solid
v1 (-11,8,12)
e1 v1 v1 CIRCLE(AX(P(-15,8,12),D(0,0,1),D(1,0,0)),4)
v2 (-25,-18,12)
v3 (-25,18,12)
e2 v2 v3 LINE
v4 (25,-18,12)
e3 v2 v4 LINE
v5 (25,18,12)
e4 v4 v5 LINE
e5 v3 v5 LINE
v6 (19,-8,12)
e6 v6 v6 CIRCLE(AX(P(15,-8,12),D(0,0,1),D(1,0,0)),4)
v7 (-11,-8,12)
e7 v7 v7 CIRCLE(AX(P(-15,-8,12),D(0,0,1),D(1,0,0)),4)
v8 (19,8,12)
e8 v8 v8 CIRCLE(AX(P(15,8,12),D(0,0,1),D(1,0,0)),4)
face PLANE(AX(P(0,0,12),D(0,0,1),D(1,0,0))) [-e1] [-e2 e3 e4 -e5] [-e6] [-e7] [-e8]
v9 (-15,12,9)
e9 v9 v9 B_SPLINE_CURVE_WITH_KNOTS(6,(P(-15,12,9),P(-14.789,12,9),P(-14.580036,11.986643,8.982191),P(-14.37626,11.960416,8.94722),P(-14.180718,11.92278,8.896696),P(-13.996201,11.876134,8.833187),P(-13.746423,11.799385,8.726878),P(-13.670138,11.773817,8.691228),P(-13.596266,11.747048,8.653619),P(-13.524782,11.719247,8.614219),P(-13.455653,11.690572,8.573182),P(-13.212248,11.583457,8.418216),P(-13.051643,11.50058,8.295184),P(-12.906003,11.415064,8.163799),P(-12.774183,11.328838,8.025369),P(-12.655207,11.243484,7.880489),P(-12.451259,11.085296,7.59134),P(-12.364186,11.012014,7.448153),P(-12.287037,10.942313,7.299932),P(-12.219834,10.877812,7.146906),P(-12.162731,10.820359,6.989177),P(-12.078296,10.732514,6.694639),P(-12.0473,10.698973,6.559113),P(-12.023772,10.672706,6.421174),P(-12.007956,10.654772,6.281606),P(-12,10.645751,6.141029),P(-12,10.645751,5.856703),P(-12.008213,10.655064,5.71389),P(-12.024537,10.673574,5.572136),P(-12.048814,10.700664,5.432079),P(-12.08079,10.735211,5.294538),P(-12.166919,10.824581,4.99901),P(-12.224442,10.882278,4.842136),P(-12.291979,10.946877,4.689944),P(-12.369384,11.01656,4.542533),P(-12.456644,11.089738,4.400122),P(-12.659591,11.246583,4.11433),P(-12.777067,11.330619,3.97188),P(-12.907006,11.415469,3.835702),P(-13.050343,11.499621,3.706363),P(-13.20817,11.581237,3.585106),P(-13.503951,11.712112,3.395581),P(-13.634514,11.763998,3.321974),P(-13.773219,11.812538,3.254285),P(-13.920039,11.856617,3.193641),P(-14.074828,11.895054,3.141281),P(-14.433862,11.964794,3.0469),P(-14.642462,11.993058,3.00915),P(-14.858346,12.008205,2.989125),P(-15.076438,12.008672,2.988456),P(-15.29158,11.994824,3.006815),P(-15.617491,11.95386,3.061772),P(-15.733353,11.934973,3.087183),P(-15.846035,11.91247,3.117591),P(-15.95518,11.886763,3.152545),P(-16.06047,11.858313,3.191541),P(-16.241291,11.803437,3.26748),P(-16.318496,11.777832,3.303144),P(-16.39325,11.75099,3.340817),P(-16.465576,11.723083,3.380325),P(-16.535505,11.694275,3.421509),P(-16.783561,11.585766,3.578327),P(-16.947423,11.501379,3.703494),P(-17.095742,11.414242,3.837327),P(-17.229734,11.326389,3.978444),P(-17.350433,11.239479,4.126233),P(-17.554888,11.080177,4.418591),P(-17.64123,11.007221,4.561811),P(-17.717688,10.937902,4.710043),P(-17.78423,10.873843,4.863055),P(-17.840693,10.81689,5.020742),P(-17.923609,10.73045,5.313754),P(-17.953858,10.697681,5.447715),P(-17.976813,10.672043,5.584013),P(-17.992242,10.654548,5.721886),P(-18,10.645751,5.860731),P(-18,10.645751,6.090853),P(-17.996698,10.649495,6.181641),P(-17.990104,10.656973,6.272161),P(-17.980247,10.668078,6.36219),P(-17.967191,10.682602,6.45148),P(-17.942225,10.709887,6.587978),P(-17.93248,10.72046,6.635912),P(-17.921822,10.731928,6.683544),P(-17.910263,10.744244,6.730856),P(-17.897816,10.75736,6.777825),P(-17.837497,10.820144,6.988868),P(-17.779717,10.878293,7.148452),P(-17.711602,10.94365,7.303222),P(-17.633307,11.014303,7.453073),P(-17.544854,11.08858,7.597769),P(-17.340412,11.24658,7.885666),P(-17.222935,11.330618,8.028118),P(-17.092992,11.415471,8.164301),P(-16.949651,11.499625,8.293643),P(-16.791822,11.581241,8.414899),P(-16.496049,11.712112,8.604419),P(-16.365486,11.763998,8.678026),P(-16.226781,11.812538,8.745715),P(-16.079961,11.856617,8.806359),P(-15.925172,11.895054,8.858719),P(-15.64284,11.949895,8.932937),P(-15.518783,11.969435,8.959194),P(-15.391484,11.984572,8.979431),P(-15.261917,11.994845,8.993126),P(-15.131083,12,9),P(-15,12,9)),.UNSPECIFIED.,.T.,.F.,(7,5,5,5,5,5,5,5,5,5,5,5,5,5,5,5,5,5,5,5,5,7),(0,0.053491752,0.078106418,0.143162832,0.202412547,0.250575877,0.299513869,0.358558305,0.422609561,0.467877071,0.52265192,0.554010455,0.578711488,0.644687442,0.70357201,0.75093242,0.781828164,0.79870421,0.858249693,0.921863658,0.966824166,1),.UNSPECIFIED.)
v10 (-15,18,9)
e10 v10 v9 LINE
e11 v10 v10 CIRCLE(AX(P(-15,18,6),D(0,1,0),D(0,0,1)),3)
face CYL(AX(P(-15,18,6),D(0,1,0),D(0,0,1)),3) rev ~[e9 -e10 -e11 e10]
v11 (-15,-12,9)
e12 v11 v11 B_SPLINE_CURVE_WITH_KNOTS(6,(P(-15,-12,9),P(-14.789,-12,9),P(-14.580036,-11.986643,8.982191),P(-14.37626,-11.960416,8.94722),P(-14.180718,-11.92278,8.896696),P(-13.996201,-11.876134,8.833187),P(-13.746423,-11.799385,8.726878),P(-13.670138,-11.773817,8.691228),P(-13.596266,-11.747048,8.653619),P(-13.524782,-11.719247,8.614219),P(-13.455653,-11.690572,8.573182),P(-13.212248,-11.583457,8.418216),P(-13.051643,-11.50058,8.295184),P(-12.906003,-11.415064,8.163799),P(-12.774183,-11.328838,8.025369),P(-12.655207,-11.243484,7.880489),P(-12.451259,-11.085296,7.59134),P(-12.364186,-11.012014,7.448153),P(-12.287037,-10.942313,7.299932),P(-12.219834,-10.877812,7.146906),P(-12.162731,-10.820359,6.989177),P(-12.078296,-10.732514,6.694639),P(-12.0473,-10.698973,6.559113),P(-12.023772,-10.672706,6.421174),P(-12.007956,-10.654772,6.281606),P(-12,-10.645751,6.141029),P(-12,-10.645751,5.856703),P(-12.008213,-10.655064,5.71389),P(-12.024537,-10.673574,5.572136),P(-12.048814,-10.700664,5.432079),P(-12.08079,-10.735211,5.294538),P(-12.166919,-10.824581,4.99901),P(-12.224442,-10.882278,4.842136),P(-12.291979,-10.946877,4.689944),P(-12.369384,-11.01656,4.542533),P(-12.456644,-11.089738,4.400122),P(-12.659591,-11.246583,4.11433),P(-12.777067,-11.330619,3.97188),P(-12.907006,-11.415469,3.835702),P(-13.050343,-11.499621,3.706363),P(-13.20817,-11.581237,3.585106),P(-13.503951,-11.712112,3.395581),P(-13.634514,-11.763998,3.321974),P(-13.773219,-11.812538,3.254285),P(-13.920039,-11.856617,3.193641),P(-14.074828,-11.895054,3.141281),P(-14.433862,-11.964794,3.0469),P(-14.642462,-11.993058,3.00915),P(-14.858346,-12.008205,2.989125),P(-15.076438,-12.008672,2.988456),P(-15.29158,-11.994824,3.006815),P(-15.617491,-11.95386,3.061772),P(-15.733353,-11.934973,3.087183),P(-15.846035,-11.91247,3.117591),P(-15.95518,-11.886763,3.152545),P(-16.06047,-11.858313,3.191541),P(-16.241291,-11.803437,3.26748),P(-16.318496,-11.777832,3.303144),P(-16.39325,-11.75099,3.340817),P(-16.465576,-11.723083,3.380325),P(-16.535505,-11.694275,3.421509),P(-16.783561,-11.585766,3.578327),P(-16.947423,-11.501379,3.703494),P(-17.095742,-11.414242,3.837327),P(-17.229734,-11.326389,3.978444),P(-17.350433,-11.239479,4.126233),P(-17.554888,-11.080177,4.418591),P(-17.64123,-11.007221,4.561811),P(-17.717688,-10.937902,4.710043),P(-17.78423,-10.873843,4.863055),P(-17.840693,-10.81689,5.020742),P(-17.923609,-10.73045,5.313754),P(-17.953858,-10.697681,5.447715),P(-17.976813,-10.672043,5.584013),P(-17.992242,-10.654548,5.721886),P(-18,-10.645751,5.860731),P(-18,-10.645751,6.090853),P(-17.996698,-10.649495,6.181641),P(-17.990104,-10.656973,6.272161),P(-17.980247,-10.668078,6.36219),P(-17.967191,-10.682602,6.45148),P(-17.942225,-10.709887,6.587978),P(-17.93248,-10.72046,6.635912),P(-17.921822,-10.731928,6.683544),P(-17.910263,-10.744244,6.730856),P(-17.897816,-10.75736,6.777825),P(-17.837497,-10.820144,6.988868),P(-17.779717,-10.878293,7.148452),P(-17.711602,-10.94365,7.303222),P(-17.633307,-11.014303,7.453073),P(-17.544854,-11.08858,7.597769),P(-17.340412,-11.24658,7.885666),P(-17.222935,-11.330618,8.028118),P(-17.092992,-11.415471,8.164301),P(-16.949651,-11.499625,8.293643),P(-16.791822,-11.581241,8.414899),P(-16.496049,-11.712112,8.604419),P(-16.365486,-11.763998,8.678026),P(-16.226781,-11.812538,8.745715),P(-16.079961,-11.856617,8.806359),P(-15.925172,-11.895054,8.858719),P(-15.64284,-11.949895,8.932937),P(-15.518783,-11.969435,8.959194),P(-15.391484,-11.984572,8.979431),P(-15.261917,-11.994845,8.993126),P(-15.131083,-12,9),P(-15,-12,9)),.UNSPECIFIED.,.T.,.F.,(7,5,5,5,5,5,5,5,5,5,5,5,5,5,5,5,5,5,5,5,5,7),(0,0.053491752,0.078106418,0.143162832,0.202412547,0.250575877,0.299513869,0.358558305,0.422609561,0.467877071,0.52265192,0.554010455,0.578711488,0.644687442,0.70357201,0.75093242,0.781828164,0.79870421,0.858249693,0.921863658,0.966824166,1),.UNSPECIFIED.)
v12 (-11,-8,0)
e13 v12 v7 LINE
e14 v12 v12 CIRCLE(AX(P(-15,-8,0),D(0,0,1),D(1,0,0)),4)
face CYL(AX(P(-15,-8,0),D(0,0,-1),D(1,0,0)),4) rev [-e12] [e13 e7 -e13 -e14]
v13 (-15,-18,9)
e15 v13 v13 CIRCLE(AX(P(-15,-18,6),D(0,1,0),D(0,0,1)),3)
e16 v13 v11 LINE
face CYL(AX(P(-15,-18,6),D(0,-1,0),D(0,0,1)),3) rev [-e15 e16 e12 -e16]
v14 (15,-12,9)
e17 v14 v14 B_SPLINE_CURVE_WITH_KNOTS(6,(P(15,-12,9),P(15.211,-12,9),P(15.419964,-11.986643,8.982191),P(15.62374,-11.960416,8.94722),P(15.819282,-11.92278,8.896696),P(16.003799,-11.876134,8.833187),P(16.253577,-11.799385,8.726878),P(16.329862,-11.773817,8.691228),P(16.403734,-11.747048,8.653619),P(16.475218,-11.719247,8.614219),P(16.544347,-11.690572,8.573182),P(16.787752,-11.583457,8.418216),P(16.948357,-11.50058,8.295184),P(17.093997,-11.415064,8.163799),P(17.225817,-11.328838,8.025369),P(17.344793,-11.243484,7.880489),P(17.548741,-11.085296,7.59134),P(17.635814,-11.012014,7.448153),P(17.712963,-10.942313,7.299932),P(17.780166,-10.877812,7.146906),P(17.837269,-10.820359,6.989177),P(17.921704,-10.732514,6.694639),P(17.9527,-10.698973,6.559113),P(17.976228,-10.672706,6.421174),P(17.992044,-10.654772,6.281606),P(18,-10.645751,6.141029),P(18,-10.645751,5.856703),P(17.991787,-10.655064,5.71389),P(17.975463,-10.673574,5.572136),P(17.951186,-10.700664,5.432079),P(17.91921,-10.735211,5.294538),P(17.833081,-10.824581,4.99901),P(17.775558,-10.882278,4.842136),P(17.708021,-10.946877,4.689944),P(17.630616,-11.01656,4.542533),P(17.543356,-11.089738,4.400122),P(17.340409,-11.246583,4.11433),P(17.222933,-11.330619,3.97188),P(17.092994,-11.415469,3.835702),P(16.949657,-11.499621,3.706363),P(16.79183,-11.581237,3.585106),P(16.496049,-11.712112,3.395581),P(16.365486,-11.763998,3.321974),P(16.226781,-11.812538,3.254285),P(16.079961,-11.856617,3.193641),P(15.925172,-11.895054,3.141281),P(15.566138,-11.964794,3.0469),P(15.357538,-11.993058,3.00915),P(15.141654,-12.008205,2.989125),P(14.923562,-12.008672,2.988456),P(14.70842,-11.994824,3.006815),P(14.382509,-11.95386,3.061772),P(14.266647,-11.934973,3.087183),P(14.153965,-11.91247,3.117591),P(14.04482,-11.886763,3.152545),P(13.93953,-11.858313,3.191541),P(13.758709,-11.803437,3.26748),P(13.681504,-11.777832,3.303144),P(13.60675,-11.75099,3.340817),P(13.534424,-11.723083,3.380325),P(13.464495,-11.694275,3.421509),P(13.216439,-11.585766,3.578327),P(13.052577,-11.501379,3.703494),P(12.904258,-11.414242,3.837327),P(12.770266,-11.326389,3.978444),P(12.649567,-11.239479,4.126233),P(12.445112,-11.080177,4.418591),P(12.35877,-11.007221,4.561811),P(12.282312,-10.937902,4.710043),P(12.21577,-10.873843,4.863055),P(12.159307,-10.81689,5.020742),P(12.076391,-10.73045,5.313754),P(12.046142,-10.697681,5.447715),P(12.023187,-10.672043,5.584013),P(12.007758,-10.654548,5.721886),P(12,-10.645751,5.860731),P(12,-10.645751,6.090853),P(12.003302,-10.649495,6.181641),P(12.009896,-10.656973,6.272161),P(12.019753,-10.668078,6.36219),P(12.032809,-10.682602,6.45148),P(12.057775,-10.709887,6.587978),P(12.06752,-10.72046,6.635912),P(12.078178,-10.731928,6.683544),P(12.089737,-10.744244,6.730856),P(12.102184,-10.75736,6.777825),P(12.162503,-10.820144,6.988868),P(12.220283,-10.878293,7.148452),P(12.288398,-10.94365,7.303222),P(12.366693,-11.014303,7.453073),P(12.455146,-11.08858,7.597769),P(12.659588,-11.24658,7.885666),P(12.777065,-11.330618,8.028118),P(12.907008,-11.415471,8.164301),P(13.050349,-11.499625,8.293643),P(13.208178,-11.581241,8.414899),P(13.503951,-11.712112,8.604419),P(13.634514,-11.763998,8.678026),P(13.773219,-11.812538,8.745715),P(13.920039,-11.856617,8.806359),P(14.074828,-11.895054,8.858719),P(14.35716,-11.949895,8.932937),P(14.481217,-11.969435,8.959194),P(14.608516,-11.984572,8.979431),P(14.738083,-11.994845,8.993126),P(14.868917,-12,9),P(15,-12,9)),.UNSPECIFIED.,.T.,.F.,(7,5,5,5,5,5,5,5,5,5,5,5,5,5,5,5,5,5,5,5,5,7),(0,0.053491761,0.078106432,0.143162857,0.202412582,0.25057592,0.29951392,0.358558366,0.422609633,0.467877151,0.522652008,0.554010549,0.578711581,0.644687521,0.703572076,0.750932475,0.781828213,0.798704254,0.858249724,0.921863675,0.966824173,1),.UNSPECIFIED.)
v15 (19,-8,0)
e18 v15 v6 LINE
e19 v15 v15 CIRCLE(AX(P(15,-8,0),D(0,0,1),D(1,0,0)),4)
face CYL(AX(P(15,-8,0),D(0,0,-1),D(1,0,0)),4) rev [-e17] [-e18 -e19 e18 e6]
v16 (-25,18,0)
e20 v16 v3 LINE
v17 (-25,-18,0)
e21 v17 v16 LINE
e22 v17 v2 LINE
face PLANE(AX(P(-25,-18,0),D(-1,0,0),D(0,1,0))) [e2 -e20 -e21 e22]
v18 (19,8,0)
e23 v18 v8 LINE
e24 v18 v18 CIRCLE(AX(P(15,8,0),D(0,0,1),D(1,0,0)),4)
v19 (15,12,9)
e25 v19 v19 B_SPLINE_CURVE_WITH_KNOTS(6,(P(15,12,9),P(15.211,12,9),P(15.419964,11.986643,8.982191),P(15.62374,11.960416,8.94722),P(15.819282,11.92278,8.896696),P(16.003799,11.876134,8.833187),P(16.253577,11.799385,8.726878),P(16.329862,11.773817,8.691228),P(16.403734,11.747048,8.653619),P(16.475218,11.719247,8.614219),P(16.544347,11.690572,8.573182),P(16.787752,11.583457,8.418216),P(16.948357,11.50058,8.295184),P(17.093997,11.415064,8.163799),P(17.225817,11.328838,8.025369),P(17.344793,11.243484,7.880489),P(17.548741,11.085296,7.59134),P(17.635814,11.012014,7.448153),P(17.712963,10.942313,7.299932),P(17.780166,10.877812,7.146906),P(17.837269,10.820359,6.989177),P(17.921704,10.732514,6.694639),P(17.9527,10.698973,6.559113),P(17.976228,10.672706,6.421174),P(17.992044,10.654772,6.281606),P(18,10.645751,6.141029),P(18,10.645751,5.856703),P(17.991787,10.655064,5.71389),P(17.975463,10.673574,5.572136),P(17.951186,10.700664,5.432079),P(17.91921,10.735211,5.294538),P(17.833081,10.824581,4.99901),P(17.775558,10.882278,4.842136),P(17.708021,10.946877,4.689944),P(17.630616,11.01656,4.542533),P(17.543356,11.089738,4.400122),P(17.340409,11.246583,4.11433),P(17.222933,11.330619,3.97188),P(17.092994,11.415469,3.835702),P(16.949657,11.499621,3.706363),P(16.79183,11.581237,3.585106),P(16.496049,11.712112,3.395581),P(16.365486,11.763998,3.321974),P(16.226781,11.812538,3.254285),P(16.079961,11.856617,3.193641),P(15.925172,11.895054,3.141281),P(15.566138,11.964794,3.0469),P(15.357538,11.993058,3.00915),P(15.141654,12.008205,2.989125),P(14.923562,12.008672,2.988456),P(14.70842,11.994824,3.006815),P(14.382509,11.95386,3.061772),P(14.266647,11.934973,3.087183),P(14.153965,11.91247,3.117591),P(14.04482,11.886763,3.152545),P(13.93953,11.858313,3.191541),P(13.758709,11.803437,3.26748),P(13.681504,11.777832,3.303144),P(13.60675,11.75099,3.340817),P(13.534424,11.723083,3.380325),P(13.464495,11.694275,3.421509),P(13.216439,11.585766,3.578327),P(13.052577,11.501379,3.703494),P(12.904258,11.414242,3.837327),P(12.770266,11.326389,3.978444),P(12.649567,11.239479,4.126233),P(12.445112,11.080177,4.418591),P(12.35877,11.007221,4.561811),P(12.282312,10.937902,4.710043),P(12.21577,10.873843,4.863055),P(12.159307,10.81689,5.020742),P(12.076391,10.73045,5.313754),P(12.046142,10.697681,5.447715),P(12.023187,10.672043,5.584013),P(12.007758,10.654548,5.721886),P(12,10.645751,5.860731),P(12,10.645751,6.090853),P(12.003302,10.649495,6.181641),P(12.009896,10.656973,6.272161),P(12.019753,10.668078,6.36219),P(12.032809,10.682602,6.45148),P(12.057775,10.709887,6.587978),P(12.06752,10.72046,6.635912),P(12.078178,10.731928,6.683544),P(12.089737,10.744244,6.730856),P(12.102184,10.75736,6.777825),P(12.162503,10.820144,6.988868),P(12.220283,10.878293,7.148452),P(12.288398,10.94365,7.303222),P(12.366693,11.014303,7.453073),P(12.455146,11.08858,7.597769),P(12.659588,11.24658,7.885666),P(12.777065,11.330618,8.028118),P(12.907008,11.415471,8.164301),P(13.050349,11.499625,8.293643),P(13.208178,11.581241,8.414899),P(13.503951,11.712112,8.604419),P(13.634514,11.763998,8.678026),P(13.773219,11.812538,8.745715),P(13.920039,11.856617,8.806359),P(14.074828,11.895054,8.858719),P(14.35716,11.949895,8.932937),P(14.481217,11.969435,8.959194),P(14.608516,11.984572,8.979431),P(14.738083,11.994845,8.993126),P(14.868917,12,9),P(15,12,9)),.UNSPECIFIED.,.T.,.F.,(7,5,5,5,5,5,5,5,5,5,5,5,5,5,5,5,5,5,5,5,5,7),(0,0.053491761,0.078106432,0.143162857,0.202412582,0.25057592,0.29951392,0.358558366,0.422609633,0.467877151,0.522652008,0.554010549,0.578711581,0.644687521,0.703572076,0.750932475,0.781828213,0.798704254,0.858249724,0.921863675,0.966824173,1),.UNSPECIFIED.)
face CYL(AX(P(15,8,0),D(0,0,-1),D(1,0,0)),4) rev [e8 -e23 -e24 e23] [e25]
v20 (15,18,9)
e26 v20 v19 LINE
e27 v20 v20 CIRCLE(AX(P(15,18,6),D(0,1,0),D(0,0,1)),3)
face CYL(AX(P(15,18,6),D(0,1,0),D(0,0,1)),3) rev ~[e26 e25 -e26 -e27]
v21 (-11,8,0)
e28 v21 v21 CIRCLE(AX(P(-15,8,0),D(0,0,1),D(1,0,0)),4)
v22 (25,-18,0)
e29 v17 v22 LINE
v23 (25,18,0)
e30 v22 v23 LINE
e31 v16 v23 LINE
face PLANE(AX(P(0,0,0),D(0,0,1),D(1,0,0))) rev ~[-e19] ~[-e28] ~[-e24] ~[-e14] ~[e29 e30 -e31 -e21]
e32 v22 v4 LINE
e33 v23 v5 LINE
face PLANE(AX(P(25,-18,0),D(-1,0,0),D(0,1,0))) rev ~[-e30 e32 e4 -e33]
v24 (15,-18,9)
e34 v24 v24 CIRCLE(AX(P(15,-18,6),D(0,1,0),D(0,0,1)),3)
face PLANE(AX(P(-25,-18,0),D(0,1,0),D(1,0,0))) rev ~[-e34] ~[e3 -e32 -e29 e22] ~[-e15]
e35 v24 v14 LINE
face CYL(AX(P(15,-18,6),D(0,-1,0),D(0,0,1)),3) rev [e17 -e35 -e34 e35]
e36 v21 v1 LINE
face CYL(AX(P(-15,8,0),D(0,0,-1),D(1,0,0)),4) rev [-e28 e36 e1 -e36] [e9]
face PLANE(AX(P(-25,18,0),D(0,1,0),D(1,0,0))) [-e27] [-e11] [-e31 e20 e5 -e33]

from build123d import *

# Parameters (mm, degrees)
SKETCH1_W           = 50
SKETCH1_H           = 36
SKETCH1_R           = 4
BOSS_EXTRUDE1_DEPTH = 12
CUT_EXTRUDE1_REACH  = 47.442
SKETCH2_R           = 3


with BuildPart() as part:
    # Sketch1 → Boss-Extrude1 (new body)
    with BuildSketch(Plane.XY):
        Rectangle(SKETCH1_W, SKETCH1_H)
        with Locations((-15, 8)):
            Circle(SKETCH1_R, mode=Mode.SUBTRACT)
        with Locations((-15, -8)):
            Circle(SKETCH1_R, mode=Mode.SUBTRACT)
        with Locations((15, -8)):
            Circle(SKETCH1_R, mode=Mode.SUBTRACT)
        with Locations((15, 8)):
            Circle(SKETCH1_R, mode=Mode.SUBTRACT)
    extrude(amount=BOSS_EXTRUDE1_DEPTH)

    # Sketch2 → Cut-Extrude1 (cut, up to next)
    with BuildSketch(Plane(origin=(0, 18, 0), x_dir=(1, 0, 0), z_dir=(0, 1, 0)), mode=Mode.PRIVATE) as cut_extrude1_sk1:
        with Locations(Location((-15, -6, 0), (0, 0, 270))):
            Circle(SKETCH2_R)
    cut_extrude1_tool1 = extrude(cut_extrude1_sk1.sketch, amount=-CUT_EXTRUDE1_REACH, mode=Mode.PRIVATE) & part.part
    # Sketch2 → Cut-Extrude1 (cut, up to next)
    with BuildSketch(Plane(origin=(0, 18, 0), x_dir=(1, 0, 0), z_dir=(0, 1, 0)), mode=Mode.PRIVATE) as cut_extrude1_sk2:
        with Locations(Location((15, -6, 0), (0, 0, 270))):
            Circle(SKETCH2_R)
    cut_extrude1_tool2 = extrude(cut_extrude1_sk2.sketch, amount=-CUT_EXTRUDE1_REACH, mode=Mode.PRIVATE) & part.part
    cut_extrude1_1 = cut_extrude1_tool1.solids().sort_by_distance((-15, 18, 6))[0]
    add(cut_extrude1_1, mode=Mode.SUBTRACT)
    cut_extrude1_2 = cut_extrude1_tool2.solids().sort_by_distance((15, 18, 6))[0]
    add(cut_extrude1_2, mode=Mode.SUBTRACT)
    cut_extrude1 = cut_extrude1_1 + cut_extrude1_2  # Cut-Extrude1 as one shape, for the pattern or mirror that repeats it

    # Mirror1: Cut-Extrude1 across plane
    add(cut_extrude1.mirror(Plane.ZX), mode=Mode.SUBTRACT)


solid = part.part
